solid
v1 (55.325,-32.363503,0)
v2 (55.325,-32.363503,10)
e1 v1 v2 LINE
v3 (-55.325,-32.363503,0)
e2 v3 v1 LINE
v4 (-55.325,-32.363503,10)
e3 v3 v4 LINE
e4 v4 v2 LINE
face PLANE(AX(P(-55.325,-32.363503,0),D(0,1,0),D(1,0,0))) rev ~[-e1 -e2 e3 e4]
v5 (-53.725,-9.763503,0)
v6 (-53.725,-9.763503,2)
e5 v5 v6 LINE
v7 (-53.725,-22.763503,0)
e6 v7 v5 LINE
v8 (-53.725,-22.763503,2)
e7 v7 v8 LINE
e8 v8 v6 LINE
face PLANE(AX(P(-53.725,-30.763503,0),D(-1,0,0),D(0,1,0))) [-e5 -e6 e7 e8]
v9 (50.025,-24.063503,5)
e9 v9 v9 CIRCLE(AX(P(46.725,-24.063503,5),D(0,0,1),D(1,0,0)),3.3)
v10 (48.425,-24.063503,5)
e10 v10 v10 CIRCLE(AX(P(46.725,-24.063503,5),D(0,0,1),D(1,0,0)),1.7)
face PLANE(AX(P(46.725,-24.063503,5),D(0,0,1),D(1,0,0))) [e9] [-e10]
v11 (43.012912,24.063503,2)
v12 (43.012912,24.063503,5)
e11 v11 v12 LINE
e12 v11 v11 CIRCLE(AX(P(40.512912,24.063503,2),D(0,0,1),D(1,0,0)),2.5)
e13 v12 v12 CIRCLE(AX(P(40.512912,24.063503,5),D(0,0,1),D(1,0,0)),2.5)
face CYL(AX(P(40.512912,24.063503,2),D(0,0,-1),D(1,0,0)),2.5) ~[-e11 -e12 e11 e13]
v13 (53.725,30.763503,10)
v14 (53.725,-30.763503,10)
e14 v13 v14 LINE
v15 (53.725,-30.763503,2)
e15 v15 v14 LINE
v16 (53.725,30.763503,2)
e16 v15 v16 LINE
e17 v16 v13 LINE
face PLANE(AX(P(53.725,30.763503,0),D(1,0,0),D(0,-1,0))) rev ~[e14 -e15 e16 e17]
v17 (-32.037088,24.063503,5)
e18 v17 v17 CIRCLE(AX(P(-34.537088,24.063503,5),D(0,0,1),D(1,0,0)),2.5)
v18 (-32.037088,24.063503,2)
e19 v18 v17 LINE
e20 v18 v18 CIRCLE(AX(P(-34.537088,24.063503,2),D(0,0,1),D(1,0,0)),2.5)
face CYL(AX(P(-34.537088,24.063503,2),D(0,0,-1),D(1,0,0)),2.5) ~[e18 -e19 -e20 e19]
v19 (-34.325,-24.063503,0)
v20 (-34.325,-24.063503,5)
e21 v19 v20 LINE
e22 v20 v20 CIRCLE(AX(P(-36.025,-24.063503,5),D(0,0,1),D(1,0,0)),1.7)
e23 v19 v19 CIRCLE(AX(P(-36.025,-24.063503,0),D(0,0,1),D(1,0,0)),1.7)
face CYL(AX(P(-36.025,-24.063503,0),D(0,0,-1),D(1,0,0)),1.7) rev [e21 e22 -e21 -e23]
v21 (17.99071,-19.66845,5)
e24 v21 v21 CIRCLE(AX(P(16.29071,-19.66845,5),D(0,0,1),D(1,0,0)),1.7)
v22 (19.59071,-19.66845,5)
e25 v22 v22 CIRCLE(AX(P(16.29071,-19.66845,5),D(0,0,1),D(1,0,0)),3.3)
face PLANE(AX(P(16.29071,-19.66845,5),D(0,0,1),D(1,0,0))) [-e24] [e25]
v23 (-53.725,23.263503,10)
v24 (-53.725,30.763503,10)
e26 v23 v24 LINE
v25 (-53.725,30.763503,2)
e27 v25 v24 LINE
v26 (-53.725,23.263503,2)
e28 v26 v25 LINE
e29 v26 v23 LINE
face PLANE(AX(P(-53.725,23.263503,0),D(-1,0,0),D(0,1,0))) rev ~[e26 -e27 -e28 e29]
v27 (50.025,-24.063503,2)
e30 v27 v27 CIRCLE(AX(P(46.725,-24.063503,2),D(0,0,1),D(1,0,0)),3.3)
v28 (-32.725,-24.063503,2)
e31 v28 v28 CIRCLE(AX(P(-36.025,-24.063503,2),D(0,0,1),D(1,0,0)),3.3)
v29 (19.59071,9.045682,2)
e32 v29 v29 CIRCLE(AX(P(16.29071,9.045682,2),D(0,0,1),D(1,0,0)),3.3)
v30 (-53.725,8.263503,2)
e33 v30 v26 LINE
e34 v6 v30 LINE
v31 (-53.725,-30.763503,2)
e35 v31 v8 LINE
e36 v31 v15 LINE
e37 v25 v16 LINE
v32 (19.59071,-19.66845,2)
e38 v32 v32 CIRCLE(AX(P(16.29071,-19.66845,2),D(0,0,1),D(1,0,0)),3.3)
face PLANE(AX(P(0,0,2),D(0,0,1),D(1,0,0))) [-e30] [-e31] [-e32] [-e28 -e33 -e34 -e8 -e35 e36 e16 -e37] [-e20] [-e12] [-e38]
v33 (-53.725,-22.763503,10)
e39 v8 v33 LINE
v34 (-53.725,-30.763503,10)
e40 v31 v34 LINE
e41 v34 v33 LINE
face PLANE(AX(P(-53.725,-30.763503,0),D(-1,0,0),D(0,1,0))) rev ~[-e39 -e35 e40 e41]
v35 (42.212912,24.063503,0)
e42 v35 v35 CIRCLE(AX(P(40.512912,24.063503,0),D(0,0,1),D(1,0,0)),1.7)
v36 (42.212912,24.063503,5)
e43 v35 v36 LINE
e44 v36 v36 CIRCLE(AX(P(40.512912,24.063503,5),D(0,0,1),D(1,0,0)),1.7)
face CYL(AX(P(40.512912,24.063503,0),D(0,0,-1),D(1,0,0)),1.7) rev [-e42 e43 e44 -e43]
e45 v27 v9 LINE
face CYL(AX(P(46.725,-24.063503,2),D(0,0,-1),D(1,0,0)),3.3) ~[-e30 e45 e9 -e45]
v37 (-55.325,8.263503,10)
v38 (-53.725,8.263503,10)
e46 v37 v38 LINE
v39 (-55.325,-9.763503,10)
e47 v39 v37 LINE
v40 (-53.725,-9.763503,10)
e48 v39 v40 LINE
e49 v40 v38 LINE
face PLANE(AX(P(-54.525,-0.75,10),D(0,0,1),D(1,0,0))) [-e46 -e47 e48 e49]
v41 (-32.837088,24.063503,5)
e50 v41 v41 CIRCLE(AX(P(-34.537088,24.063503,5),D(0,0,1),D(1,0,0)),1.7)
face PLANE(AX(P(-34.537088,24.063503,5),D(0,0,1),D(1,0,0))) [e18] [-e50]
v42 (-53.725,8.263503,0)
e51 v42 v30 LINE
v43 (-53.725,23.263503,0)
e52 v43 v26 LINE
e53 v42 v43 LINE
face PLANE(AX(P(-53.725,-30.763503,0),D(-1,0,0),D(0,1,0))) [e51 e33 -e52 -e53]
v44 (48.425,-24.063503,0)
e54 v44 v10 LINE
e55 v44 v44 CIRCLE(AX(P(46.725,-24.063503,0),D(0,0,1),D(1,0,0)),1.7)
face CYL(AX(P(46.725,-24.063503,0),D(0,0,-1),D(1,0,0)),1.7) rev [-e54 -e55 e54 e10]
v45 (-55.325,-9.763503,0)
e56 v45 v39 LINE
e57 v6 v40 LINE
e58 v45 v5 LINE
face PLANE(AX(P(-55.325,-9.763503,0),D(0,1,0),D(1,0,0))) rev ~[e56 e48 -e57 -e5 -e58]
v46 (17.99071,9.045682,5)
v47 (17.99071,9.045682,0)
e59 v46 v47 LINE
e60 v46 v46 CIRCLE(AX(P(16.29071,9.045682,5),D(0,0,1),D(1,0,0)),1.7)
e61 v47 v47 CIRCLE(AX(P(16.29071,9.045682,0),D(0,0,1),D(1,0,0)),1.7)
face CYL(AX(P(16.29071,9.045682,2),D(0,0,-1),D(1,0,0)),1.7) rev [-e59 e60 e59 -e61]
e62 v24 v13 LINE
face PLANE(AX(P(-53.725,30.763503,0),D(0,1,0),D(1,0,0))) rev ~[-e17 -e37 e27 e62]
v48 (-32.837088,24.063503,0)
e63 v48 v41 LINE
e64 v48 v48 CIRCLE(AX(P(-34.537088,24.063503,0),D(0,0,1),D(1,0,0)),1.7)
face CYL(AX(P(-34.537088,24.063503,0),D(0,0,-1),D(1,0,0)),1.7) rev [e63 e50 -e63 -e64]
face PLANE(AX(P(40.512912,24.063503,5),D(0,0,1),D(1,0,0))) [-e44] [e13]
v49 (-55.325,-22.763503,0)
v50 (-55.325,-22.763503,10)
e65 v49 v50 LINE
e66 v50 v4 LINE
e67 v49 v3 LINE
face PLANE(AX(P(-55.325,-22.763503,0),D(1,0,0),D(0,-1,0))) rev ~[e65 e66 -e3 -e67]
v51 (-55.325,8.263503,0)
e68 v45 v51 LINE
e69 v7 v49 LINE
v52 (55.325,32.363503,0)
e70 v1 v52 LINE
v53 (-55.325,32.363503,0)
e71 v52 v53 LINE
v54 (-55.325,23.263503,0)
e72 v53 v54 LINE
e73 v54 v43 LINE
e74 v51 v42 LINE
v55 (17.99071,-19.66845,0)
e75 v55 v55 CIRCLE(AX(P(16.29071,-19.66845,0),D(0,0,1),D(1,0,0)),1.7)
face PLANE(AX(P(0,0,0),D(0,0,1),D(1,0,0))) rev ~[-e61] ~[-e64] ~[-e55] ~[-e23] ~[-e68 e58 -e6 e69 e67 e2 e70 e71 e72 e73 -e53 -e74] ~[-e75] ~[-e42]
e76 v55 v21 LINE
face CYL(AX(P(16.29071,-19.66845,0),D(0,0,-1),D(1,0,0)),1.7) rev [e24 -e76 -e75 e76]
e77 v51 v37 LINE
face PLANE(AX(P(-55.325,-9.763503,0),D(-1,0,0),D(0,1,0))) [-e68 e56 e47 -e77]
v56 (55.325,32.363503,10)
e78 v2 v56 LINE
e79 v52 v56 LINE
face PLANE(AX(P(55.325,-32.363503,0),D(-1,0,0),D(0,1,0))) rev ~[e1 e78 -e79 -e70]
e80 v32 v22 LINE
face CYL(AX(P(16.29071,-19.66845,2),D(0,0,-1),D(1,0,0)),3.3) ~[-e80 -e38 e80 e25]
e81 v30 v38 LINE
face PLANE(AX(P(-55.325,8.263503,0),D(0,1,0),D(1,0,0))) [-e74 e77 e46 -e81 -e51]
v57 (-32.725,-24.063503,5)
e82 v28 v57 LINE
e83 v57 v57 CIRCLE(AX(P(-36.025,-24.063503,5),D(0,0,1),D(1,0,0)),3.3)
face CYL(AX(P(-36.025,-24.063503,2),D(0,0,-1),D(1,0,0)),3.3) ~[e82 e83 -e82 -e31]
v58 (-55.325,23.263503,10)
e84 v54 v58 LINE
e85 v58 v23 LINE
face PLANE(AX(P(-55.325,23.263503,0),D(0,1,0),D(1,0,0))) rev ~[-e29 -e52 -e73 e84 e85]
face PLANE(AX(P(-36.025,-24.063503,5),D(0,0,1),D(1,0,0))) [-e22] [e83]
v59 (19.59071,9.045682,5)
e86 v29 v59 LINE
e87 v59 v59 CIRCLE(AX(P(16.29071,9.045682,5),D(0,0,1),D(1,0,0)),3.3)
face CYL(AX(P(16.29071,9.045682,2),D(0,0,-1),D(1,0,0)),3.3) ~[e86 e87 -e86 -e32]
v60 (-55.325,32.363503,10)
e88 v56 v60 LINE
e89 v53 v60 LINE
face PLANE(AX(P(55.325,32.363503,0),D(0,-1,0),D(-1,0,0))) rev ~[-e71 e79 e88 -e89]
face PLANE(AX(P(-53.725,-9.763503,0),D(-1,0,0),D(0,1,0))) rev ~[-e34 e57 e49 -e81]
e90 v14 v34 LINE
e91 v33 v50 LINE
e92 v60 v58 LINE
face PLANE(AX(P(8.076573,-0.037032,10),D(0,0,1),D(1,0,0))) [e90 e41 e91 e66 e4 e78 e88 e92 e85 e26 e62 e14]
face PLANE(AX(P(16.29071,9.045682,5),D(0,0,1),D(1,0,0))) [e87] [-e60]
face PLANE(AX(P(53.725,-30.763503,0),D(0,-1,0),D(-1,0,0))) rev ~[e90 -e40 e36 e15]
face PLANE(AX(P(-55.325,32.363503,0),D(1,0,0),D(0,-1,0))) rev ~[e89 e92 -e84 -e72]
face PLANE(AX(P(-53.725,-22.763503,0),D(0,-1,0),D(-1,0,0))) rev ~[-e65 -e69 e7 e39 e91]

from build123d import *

# Parameters (mm, degrees)
SKETCH_W      = 107.45
SKETCH_H      = 61.527006
SKETCH_R      = 1.7
PAD_DEPTH     = 2
SKETCH001_R   = 3.3
SKETCH001_R_2 = 1.7
SKETCH001_R_3 = 2.5
PAD001_DEPTH  = 3
SKETCH002_W   = 1.6
SKETCH002_H   = 18.027006
PAD002_DEPTH  = 10


with BuildPart() as part:
    # Sketch → Pad (new body)
    with BuildSketch(Plane.XY):
        Rectangle(SKETCH_W, SKETCH_H)
        with Locations((46.725, -24.063503)):
            Circle(SKETCH_R, mode=Mode.SUBTRACT)
        with Locations((-36.025, -24.063503)):
            Circle(SKETCH_R, mode=Mode.SUBTRACT)
        with Locations((16.29071, -19.66845)):
            Circle(SKETCH_R, mode=Mode.SUBTRACT)
        with Locations((-34.537088, 24.063503)):
            Circle(SKETCH_R, mode=Mode.SUBTRACT)
        with Locations((40.512912, 24.063503)):
            Circle(SKETCH_R, mode=Mode.SUBTRACT)
        with Locations((16.29071, 9.045682)):
            Circle(SKETCH_R, mode=Mode.SUBTRACT)
    extrude(amount=PAD_DEPTH)

    # Sketch001 → Pad001 (join)
    with BuildSketch(Plane.XY.offset(2)):
        with Locations((16.29071, 9.045682)):
            Circle(SKETCH001_R)
        with Locations((16.29071, 9.045682)):
            Circle(SKETCH001_R_2, mode=Mode.SUBTRACT)
        with Locations((40.512912, 24.063503)):
            Circle(SKETCH001_R_3)
        with Locations((40.512912, 24.063503)):
            Circle(SKETCH001_R_2, mode=Mode.SUBTRACT)
        with Locations((46.725, -24.063503)):
            Circle(SKETCH001_R)
        with Locations((46.725, -24.063503)):
            Circle(SKETCH001_R_2, mode=Mode.SUBTRACT)
        with Locations((16.29071, -19.66845)):
            Circle(SKETCH001_R)
        with Locations((16.29071, -19.66845)):
            Circle(SKETCH001_R_2, mode=Mode.SUBTRACT)
        with Locations((-36.025, -24.063503)):
            Circle(SKETCH001_R)
        with Locations((-36.025, -24.063503)):
            Circle(SKETCH001_R_2, mode=Mode.SUBTRACT)
        with Locations((-34.537088, 24.063503)):
            Circle(SKETCH001_R_3)
        with Locations((-34.537088, 24.063503)):
            Circle(SKETCH001_R_2, mode=Mode.SUBTRACT)
    extrude(amount=PAD001_DEPTH)

    # Sketch002 → Pad002 (join)
    with BuildSketch(Plane.XY):
        Polygon((-53.725, 30.763503), (53.725, 30.763503), (53.725, -30.763503), (-53.725, -30.763503), (-53.725, -22.763503), (-55.325, -22.763503), (-55.325, -32.363503), (55.325, -32.363503), (55.325, 32.363503), (-55.325, 32.363503), (-55.325, 23.263503), (-53.725, 23.263503), align=None)
        with Locations((-54.525, -0.75)):
            Rectangle(SKETCH002_W, SKETCH002_H)
    extrude(amount=PAD002_DEPTH)


solid = part.part
